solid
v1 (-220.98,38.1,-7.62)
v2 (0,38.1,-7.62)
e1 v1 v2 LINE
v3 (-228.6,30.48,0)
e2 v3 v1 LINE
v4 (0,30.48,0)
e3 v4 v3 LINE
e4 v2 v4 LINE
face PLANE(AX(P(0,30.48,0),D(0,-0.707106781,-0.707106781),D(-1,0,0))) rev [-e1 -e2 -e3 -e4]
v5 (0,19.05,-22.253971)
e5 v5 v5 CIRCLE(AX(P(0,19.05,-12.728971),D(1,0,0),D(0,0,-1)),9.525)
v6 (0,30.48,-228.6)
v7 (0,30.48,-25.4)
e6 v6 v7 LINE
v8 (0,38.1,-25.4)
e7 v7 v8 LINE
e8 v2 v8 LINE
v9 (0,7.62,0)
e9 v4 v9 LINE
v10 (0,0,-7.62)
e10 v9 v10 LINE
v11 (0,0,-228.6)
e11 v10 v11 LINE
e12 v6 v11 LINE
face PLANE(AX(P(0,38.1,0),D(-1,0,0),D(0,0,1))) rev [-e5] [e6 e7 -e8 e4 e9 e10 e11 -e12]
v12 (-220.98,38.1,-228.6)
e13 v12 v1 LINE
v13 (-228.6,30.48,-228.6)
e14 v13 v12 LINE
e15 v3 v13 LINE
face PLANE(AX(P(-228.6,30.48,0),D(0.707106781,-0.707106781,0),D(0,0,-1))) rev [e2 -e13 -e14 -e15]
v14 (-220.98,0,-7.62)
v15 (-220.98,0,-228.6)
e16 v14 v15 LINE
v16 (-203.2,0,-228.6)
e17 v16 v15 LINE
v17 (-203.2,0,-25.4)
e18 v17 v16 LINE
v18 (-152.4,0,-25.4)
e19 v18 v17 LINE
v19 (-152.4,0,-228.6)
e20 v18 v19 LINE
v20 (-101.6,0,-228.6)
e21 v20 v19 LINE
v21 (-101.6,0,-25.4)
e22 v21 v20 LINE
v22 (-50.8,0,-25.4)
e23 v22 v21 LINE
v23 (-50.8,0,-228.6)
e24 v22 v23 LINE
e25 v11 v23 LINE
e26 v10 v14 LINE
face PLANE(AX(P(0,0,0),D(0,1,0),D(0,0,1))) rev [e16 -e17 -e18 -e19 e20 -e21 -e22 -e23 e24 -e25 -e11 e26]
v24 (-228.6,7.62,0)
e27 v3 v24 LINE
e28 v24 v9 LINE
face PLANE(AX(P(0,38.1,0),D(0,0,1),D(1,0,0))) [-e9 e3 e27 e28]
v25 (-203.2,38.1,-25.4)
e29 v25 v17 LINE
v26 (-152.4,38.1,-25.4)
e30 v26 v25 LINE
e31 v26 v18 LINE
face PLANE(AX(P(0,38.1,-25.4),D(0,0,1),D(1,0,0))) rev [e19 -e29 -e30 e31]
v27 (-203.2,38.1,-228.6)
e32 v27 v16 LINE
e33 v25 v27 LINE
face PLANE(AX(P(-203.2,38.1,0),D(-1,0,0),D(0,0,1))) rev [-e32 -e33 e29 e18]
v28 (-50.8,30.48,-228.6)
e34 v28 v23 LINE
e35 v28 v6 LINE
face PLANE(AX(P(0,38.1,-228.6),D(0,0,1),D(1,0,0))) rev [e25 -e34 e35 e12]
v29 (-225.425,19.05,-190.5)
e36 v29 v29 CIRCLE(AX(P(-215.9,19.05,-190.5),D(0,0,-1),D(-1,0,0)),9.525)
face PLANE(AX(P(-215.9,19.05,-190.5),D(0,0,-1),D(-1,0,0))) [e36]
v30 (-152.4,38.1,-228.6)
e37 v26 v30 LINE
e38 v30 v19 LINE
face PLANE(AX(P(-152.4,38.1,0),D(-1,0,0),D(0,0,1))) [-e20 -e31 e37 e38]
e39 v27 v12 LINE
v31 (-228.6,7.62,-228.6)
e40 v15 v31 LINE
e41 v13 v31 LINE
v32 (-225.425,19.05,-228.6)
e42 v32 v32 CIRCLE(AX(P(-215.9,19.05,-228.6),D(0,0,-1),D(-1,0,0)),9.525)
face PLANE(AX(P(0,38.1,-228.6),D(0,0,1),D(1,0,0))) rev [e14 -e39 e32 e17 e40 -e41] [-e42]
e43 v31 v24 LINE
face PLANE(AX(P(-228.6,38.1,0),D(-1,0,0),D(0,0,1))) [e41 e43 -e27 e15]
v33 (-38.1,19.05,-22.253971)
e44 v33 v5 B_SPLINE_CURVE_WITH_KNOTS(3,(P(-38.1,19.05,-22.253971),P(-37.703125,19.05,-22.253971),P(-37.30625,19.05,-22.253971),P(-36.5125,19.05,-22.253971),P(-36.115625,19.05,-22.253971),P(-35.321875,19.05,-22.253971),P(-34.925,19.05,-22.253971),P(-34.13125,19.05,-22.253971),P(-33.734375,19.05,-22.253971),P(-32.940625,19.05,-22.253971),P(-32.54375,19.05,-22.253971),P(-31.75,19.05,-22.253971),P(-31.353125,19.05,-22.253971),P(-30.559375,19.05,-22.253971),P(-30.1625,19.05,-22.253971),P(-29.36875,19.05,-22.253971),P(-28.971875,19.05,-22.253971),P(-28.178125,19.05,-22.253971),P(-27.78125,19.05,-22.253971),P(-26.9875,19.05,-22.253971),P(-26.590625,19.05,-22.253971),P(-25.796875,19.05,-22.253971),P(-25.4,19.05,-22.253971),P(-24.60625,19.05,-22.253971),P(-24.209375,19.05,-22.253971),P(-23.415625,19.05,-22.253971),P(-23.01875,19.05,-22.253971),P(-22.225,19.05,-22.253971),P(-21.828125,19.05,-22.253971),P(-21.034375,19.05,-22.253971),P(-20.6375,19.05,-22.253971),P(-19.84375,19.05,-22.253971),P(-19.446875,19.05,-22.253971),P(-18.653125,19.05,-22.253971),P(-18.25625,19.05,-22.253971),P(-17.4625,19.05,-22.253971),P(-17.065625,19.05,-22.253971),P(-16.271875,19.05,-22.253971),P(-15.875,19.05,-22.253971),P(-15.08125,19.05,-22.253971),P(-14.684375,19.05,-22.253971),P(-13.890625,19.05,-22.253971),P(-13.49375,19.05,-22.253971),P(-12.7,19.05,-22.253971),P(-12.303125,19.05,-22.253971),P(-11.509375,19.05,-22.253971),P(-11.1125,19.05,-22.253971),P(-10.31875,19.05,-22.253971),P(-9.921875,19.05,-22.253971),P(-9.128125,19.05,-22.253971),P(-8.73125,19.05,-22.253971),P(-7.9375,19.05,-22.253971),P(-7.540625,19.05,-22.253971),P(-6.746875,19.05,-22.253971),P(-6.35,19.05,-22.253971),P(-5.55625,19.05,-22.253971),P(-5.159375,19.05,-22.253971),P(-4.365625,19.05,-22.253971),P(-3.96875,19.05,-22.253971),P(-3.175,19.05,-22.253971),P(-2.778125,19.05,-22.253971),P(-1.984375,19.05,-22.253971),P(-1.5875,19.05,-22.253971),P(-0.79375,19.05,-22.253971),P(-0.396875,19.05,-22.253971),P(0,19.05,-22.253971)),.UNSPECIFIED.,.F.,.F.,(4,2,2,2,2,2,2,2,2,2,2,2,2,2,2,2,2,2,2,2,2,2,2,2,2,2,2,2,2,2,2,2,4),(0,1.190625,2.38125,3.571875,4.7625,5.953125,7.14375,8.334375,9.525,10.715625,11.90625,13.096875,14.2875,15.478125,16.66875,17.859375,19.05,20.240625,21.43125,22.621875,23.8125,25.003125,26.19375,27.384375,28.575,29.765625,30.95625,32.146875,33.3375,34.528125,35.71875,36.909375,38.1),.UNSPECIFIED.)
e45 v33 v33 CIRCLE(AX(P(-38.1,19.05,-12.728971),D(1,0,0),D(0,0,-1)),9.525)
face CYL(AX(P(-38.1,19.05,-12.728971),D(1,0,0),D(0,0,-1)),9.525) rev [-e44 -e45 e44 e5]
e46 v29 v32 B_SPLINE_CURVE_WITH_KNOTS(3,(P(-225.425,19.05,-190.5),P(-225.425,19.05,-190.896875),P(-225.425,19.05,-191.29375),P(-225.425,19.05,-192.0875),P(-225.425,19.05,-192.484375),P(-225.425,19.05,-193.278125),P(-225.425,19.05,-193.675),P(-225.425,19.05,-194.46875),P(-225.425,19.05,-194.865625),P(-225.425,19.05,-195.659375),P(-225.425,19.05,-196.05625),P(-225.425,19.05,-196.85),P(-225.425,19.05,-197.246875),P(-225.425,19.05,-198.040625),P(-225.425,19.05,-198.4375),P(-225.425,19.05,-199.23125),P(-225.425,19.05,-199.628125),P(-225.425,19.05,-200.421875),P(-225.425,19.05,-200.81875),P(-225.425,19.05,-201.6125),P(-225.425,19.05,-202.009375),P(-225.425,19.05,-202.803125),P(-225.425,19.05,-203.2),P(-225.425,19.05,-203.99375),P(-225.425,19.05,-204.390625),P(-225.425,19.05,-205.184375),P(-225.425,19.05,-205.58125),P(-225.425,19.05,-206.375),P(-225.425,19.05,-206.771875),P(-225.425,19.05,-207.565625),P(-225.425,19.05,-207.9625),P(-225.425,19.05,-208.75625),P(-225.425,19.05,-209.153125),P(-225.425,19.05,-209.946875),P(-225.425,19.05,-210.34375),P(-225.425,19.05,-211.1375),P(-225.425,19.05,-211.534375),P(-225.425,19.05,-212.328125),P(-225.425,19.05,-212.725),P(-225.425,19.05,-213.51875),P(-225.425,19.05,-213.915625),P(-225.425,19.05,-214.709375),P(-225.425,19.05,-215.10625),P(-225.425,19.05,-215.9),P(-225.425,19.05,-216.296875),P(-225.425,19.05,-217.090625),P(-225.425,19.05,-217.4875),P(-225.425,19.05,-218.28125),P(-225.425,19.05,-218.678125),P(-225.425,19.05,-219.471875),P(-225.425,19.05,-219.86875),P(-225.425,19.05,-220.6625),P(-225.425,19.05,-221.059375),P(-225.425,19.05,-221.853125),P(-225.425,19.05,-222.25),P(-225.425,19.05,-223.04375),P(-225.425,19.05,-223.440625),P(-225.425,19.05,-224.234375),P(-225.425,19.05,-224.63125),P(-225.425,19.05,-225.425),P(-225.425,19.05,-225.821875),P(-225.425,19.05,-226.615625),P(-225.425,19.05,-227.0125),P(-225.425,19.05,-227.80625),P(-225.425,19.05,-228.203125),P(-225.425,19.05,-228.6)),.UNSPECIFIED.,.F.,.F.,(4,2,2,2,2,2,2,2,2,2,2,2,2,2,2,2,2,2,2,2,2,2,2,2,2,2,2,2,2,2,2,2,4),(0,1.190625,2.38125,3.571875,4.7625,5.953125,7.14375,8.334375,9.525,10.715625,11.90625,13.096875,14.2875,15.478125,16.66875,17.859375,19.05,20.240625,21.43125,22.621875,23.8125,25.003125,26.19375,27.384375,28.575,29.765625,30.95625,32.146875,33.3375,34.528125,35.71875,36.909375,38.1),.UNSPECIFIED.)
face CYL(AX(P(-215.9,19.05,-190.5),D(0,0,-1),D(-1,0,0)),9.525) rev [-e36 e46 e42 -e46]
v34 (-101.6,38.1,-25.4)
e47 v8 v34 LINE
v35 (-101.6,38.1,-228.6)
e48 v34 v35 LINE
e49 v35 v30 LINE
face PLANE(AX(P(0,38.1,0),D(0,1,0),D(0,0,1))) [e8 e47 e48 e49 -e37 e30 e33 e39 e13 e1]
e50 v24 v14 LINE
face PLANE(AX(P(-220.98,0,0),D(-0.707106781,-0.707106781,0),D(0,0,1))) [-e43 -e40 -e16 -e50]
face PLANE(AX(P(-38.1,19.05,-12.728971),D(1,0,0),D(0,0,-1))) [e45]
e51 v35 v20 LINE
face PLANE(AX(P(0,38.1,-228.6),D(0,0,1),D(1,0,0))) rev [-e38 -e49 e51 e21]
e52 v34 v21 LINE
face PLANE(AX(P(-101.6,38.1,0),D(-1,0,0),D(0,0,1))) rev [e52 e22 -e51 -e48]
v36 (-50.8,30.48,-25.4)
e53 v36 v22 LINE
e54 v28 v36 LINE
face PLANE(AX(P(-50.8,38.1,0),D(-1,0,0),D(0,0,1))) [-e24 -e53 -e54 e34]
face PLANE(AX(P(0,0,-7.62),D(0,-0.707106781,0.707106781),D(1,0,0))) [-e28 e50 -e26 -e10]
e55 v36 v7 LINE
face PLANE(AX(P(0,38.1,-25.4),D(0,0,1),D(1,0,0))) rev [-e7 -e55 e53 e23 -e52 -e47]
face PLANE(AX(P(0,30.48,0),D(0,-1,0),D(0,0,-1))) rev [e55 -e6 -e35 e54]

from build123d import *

# Parameters (mm, degrees)
SKETCH1_W           = 50.8
SKETCH1_H           = 203.2
BOSS_EXTRUDE2_DEPTH = 38.1
SKETCH2_R           = 9.525
CUT_EXTRUDE1_DEPTH  = 38.1
SKETCH3_R           = 9.525
CUT_EXTRUDE2_DEPTH  = 38.1
SKETCH4_W           = 254
SKETCH4_H           = 254.028971003
CUT_EXTRUDE3_DEPTH  = 7.62
CHAMFER1_SIZE       = 7.62


with BuildPart() as part:
    # Sketch1 → Boss-Extrude2 (new body)
    with BuildSketch(Plane(origin=(0, 0, 0), x_dir=(1, 0, 0), z_dir=(0, 1, 0))):
        Polygon((0, 0), (0, 25.4), (-50.8, 25.4), (-101.6, 25.4), (-152.4, 25.4), (-203.2, 25.4), (-203.2, 228.6), (-228.6, 228.6), (-228.6, 0), align=None)
        with Locations((-127, 127)):
            Rectangle(SKETCH1_W, SKETCH1_H)
        with Locations((-25.4, 127)):
            Rectangle(SKETCH1_W, SKETCH1_H)
    extrude(amount=BOSS_EXTRUDE2_DEPTH)

    # Sketch2 → Cut-Extrude1 (cut)
    with BuildSketch(Plane(origin=(0, 0, -228.6), x_dir=(-1, 0, 0), z_dir=(0, 0, -1))):
        with Locations((215.9, 19.05)):
            Circle(SKETCH2_R)
    extrude(amount=-CUT_EXTRUDE1_DEPTH, mode=Mode.SUBTRACT)

    # Sketch3 → Cut-Extrude2 (cut)
    with BuildSketch(Plane(origin=(0, 0, 0), x_dir=(0, 0, -1), z_dir=(1, 0, 0))):
        with Locations((12.728971003, 19.05)):
            Circle(SKETCH3_R)
    extrude(amount=-CUT_EXTRUDE2_DEPTH, mode=Mode.SUBTRACT)

    # Sketch4 → Cut-Extrude3 (cut)
    with BuildSketch(Plane(origin=(0, 38.1, 0), x_dir=(1, 0, 0), z_dir=(0, 1, 0))):
        with Locations((50.8, 152.414485501)):
            Rectangle(SKETCH4_W, SKETCH4_H)
    extrude(amount=-CUT_EXTRUDE3_DEPTH, mode=Mode.SUBTRACT)

    # Chamfer1
    chamfer1_edges = [part.edges().sort_by_distance(p)[0] for p in [
        (-114.3, 0, 0),
        (-228.6, 0, -114.3),
        (-228.6, 38.1, -114.3),
        (-114.3, 38.1, 0),
    ]]
    chamfer(chamfer1_edges, length=CHAMFER1_SIZE)


solid = part.part
